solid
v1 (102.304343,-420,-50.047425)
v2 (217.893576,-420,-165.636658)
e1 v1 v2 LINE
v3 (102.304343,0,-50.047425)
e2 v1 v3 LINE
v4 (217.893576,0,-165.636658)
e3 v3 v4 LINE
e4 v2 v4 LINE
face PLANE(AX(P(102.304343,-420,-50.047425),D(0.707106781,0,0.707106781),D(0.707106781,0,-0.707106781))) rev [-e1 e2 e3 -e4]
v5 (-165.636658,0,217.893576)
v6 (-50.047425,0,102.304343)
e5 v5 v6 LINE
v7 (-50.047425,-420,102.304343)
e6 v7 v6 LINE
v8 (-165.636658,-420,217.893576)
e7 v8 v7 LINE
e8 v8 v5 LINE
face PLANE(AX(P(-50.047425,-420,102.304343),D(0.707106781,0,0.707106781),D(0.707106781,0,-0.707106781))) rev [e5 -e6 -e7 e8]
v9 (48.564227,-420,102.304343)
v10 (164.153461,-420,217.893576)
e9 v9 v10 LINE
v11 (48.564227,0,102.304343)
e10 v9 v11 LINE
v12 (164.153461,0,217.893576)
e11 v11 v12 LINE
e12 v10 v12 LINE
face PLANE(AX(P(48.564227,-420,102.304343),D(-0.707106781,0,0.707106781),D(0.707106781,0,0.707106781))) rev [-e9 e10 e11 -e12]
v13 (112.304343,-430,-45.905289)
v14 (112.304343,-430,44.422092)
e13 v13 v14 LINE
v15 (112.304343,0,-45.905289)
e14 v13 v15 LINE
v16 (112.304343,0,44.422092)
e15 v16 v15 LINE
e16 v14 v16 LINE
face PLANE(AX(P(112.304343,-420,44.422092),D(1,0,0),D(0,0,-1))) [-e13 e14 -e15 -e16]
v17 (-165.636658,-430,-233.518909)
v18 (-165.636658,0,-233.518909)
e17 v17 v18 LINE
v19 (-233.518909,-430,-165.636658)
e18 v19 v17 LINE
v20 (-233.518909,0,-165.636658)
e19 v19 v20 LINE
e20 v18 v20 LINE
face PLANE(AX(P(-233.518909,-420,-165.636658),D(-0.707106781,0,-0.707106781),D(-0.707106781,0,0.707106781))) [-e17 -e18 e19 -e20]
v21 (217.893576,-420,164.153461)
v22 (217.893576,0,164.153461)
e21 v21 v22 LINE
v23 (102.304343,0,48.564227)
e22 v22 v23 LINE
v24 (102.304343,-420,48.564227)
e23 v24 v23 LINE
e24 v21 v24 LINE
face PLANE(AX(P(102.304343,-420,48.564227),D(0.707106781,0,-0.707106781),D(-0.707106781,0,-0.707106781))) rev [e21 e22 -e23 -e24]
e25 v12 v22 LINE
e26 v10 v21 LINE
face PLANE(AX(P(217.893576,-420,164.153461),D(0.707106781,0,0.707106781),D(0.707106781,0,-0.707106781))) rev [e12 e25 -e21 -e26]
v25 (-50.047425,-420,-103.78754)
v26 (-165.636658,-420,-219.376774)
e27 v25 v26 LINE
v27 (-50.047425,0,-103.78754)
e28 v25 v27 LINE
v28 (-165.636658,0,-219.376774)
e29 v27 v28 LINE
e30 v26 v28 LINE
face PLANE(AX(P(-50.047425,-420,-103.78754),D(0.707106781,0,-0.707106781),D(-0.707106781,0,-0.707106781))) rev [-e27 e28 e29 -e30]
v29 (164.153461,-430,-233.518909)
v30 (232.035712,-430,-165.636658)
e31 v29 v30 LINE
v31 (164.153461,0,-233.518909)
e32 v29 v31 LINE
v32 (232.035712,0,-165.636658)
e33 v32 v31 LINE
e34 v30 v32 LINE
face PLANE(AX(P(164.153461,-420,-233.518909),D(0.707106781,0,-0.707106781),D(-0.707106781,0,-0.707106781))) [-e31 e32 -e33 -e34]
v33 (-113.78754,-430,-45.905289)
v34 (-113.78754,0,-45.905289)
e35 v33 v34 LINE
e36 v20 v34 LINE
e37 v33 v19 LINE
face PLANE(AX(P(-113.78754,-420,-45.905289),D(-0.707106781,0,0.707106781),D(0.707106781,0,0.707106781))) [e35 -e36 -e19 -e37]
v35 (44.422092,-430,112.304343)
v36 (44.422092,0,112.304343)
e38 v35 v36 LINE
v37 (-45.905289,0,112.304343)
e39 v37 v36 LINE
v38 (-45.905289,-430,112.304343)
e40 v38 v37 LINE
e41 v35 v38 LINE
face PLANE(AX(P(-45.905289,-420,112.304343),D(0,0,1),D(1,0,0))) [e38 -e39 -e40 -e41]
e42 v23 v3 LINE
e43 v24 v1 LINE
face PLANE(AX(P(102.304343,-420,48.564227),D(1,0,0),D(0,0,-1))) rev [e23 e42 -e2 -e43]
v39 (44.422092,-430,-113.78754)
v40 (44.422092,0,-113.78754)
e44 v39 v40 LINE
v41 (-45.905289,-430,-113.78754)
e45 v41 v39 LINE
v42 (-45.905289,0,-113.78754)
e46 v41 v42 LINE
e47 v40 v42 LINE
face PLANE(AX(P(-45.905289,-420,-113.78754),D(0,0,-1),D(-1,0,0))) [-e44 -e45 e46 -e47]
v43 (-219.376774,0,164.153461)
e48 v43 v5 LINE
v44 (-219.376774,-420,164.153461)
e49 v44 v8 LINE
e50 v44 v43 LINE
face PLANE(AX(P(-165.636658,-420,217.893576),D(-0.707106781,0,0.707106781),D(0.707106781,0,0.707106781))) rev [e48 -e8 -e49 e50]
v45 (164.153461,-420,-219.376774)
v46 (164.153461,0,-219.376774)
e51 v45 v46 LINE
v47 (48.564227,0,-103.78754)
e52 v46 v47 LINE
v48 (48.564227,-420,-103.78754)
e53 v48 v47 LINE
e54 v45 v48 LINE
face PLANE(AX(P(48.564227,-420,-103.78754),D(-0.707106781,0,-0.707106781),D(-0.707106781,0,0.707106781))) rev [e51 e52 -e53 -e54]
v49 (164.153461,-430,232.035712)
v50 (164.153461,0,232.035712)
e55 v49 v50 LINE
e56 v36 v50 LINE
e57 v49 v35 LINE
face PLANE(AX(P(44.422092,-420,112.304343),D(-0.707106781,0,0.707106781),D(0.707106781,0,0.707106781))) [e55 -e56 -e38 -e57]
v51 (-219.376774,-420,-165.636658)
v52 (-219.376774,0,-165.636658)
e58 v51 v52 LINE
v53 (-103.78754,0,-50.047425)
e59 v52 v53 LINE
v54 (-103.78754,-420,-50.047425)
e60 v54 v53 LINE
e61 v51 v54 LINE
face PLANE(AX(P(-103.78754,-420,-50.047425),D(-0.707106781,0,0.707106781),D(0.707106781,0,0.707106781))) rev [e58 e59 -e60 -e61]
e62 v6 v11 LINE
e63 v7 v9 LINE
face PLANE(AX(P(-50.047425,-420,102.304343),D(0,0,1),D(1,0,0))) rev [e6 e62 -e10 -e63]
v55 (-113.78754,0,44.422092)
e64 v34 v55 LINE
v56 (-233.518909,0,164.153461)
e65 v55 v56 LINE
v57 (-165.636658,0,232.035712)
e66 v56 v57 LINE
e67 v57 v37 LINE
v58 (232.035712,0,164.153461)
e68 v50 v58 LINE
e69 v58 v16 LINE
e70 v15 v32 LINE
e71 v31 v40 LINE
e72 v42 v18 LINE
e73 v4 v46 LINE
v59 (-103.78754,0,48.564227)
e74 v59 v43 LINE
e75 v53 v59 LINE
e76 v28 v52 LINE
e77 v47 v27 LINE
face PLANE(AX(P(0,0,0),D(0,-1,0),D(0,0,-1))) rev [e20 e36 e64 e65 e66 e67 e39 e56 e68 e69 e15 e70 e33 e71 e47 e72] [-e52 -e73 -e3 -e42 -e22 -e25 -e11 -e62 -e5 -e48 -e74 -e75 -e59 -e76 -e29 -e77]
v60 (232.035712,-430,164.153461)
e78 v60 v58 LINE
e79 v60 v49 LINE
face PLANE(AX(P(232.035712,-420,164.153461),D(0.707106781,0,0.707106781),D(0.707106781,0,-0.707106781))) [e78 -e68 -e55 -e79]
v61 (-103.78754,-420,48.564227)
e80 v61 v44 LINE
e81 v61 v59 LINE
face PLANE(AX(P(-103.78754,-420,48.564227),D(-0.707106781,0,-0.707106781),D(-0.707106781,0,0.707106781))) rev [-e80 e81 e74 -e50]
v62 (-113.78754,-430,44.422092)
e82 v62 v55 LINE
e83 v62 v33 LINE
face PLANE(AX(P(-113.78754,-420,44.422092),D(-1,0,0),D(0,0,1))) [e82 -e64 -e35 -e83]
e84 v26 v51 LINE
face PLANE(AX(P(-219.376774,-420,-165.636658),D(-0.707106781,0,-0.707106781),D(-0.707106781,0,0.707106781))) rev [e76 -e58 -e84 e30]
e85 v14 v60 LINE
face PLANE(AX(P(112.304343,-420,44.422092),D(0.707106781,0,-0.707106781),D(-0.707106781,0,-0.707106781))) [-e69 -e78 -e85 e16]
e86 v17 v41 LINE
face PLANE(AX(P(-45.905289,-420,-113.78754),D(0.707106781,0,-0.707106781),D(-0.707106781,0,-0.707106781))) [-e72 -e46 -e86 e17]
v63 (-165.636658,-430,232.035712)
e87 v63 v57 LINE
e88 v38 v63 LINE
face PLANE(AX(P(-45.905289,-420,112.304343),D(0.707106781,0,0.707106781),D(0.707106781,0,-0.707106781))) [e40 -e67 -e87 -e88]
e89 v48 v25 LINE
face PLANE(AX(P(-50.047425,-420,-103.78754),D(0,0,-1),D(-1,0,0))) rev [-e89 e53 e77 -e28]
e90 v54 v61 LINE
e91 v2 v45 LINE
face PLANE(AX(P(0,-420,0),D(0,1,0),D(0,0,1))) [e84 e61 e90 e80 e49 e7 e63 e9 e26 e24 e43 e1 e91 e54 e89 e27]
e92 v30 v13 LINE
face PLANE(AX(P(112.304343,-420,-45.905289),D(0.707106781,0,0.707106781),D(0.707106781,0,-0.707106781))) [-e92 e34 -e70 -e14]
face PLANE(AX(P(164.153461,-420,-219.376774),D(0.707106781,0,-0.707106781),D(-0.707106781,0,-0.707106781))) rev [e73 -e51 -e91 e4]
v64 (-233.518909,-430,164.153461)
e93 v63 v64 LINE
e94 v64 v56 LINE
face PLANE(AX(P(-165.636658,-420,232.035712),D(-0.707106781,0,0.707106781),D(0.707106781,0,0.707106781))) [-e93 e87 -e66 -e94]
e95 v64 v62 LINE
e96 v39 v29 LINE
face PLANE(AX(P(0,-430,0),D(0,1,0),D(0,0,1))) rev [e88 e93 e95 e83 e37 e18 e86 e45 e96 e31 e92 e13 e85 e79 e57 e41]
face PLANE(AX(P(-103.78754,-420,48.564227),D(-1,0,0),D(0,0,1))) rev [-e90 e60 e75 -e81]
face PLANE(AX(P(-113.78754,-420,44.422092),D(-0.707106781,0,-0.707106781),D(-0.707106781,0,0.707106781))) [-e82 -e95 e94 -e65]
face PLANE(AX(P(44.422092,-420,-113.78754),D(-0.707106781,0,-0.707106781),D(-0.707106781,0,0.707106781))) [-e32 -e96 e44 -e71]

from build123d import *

# Parameters (mm, degrees)
BOSS_EXTRUDE1_DEPTH = 420
BOSS_EXTRUDE2_DEPTH = 10


with BuildPart() as part:
    # Sketch1 → Boss-Extrude1 (new body)
    with BuildSketch(Plane(origin=(0, 0, 0), x_dir=(1, 0, 0), z_dir=(0, 1, 0))):
        Polygon((-113.787540309, 45.905289316), (-233.518909136, 165.636658142), (-165.636658142, 233.518909136), (-45.905289316, 113.787540309), (44.422091789, 113.787540309), (164.153460615, 233.518909136), (232.035711609, 165.636658142), (112.304342783, 45.905289316), (112.304342783, -44.422091789), (232.035711609, -164.153460615), (164.153460615, -232.035711609), (44.422091789, -112.304342783), (-45.905289316, -112.304342783), (-165.636658142, -232.035711609), (-233.518909136, -164.153460615), (-113.787540309, -44.422091789), align=None)
        Polygon((-50.047424939, -102.304342783), (48.564227412, -102.304342783), (164.153460615, -217.893575985), (217.893575985, -164.153460615), (102.304342783, -48.564227412), (102.304342783, 50.047424939), (217.893575985, 165.636658142), (164.153460615, 219.376773512), (48.564227412, 103.787540309), (-50.047424939, 103.787540309), (-165.636658142, 219.376773512), (-219.376773512, 165.636658142), (-103.787540309, 50.047424939), (-103.787540309, -48.564227412), (-219.376773512, -164.153460615), (-165.636658142, -217.893575985), align=None, mode=Mode.SUBTRACT)
    extrude(amount=-BOSS_EXTRUDE1_DEPTH)

    # Sketch3 → Boss-Extrude2 (add)
    with BuildSketch(Plane.XZ.offset(420)):
        Polygon((-113.787540309, 44.422091789), (-113.787540309, -45.905289316), (-233.518909136, -165.636658142), (-165.636658142, -233.518909136), (-45.905289316, -113.787540309), (44.422091789, -113.787540309), (164.153460615, -233.518909136), (232.035711609, -165.636658142), (112.304342783, -45.905289316), (112.304342783, 44.422091789), (232.035711609, 164.153460615), (164.153460615, 232.035711609), (44.422091789, 112.304342783), (-45.905289316, 112.304342783), (-165.636658142, 232.035711609), (-233.518909136, 164.153460615), align=None)
    extrude(amount=BOSS_EXTRUDE2_DEPTH)


solid = part.part
